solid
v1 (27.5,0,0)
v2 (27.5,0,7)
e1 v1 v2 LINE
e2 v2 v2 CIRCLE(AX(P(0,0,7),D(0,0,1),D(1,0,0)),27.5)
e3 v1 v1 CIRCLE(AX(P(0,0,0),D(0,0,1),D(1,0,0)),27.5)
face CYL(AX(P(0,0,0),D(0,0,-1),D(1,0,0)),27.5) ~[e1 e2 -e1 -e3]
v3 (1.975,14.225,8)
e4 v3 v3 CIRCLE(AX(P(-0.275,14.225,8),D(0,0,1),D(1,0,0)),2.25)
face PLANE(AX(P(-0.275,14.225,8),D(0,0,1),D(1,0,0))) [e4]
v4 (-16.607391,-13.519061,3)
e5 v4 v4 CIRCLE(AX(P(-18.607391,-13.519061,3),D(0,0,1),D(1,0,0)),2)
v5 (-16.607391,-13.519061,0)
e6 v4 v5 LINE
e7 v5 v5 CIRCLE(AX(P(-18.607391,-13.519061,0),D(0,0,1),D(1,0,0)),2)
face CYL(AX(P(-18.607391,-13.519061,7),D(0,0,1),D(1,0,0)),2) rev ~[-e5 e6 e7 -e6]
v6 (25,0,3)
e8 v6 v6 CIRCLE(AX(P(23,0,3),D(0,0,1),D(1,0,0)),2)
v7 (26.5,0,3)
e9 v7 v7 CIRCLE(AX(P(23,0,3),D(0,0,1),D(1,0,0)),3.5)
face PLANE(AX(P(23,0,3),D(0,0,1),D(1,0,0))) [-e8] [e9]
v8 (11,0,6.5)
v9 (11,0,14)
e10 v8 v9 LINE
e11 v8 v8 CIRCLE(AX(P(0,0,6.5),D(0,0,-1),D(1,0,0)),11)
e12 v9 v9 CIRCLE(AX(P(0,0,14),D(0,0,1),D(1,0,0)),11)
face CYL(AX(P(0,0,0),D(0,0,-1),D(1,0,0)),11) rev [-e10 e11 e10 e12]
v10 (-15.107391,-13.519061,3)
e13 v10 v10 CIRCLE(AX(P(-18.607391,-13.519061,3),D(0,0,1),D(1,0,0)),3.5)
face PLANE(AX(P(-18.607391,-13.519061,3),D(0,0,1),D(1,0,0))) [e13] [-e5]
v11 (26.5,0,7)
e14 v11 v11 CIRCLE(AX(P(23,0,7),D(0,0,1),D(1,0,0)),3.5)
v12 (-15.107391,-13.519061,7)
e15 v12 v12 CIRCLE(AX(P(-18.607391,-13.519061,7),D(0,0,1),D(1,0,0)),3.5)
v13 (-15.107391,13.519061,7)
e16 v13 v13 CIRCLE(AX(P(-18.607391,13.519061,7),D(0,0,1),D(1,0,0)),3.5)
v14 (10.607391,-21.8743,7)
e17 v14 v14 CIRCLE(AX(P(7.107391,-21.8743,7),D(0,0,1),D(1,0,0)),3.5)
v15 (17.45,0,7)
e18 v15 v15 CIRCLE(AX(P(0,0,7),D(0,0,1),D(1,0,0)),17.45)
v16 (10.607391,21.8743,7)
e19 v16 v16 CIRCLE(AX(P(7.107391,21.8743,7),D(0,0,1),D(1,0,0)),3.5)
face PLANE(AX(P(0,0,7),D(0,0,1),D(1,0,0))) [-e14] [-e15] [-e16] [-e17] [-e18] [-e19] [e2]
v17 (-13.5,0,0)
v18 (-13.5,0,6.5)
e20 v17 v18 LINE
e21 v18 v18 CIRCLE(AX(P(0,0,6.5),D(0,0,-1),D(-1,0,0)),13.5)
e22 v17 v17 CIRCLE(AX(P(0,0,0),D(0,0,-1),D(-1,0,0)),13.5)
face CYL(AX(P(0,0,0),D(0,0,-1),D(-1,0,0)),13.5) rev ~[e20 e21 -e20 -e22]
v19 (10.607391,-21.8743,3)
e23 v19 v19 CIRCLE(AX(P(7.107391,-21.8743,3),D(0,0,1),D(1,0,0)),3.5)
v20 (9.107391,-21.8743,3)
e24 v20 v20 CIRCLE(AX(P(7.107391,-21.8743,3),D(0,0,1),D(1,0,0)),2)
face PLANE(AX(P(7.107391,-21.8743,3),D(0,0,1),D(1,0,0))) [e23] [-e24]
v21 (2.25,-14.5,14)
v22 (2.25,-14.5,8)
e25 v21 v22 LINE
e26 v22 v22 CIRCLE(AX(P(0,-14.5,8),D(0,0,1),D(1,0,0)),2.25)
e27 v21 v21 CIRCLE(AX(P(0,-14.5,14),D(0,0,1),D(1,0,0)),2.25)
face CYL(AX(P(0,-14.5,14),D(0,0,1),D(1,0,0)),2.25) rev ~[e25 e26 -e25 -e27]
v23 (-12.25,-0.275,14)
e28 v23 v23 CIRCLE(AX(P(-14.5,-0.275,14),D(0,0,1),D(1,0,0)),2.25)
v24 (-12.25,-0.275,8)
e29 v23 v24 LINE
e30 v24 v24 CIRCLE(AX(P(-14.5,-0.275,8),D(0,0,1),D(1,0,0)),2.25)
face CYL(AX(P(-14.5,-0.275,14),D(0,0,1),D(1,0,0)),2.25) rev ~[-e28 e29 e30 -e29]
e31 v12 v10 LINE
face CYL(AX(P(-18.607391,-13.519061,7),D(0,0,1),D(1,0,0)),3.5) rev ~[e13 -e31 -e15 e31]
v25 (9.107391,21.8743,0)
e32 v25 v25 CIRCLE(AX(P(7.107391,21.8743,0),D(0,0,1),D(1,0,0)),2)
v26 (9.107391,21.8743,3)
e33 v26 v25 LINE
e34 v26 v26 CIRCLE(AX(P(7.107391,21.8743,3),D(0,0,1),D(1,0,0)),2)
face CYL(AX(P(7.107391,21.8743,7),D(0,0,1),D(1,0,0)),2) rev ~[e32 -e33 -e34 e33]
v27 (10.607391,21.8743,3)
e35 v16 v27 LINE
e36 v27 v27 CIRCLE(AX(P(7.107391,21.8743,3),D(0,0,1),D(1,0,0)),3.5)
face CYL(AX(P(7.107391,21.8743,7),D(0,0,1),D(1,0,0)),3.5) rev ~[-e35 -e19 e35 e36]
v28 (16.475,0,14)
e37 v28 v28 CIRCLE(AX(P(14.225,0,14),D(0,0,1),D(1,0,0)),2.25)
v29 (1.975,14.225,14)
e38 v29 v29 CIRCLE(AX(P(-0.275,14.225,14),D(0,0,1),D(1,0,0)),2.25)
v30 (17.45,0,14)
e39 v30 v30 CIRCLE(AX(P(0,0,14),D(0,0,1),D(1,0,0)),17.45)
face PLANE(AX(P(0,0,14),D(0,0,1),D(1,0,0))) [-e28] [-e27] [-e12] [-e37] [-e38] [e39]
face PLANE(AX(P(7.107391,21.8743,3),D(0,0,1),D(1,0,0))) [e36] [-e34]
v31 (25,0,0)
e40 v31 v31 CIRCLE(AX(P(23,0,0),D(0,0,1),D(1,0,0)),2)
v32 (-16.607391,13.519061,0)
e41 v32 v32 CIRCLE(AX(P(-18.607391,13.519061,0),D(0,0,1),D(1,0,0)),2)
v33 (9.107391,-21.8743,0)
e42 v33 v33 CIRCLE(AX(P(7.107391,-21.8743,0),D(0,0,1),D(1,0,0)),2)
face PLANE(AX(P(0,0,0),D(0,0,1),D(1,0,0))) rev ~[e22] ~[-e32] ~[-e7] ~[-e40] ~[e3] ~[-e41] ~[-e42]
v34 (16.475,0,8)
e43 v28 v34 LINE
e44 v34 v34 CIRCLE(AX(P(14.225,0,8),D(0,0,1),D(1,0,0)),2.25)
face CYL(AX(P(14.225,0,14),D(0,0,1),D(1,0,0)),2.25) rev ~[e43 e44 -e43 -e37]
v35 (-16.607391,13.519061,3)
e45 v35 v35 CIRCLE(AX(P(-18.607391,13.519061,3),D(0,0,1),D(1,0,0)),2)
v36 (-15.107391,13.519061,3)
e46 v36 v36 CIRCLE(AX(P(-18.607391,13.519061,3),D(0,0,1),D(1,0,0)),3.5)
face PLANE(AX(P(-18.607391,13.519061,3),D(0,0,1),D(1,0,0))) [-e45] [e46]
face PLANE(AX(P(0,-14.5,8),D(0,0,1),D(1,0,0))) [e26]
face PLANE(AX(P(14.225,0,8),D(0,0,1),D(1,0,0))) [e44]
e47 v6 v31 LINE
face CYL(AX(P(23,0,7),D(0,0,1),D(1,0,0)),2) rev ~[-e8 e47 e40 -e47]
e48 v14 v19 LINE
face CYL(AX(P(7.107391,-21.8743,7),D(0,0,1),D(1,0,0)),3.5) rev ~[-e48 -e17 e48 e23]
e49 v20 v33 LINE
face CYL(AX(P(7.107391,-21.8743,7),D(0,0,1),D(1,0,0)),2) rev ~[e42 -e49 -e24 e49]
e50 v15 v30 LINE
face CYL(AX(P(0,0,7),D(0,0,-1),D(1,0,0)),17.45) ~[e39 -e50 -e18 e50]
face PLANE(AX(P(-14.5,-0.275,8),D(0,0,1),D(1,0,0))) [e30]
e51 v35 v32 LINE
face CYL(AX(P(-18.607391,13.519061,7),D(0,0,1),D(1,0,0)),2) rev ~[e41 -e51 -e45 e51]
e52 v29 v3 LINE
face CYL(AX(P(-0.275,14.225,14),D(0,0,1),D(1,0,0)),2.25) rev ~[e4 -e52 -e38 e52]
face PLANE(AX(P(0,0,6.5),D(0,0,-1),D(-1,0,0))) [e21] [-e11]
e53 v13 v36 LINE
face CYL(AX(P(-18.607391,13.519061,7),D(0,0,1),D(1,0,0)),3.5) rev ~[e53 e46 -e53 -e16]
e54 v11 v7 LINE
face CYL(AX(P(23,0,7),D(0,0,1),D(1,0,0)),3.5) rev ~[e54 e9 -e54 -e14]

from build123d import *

# Parameters (mm, degrees)
SKETCH1_R              = 27.5
BOTTOMLIP_DEPTH        = 7
SKETCH2_R              = 17.45
SKETCH2_R_2            = 11
UPPERRING_DEPTH        = 7
MIDDLEHOLE_START       = -7
SKETCH4_R              = 11
MIDDLEHOLE_DEPTH       = 7
SKETCH5_R              = 2
STATORHOLES_DEPTH      = 7
SKETCH6_R              = 13.5
INNERBEARINGHOLE_DEPTH = 6.5
SKETCH7_R              = 2.25
MOUNTINGHOLES_DEPTH    = 6
SKETCH8_R              = 3.5
CUT_EXTRUDE1_DEPTH     = 4


with BuildPart() as part:
    # Sketch1 → BottomLip (new body)
    with BuildSketch(Plane.XY):
        Circle(SKETCH1_R)
    extrude(amount=BOTTOMLIP_DEPTH)

    # Sketch2 → UpperRing (add)
    with BuildSketch(Plane.XY.offset(7)):
        Circle(SKETCH2_R)
        Circle(SKETCH2_R_2, mode=Mode.SUBTRACT)
    extrude(amount=UPPERRING_DEPTH)

    # Sketch4 → MiddleHole (cut)
    with BuildSketch(Plane.XY.offset(7).offset(MIDDLEHOLE_START)):
        Circle(SKETCH4_R)
    extrude(amount=MIDDLEHOLE_DEPTH, mode=Mode.SUBTRACT)

    # Sketch5 → StatorHoles (cut)
    with BuildSketch(Plane.XY.offset(7)):
        with Locations((23, 0)):
            Circle(SKETCH5_R)
        with Locations((7.107390871, -21.874299875)):
            Circle(SKETCH5_R)
        with Locations((-18.607390871, -13.519060803)):
            Circle(SKETCH5_R)
        with Locations((-18.607390871, 13.519060803)):
            Circle(SKETCH5_R)
        with Locations((7.107390871, 21.874299875)):
            Circle(SKETCH5_R)
    extrude(amount=-STATORHOLES_DEPTH, mode=Mode.SUBTRACT)

    # Sketch6 → InnerBearingHole (cut)
    with BuildSketch(Plane(origin=(0, 0, 0), x_dir=(-1, 0, 0), z_dir=(0, 0, -1))):
        Circle(SKETCH6_R)
    extrude(amount=-INNERBEARINGHOLE_DEPTH, mode=Mode.SUBTRACT)

    # Sketch7 → MountingHoles (cut)
    with BuildSketch(Plane.XY.offset(14)):
        with Locations((14.225, 0)):
            Circle(SKETCH7_R)
        with Locations((0, -14.5)):
            Circle(SKETCH7_R)
        with Locations((-14.5, -0.275)):
            Circle(SKETCH7_R)
        with Locations((-0.275, 14.225)):
            Circle(SKETCH7_R)
    extrude(amount=-MOUNTINGHOLES_DEPTH, mode=Mode.SUBTRACT)

    # Sketch8 → Cut-Extrude1 (cut)
    with BuildSketch(Plane.XY.offset(7)):
        with Locations((23, 0)):
            Circle(SKETCH8_R)
        with Locations((7.107390871, -21.874299875)):
            Circle(SKETCH8_R)
        with Locations((-18.607390871, -13.519060803)):
            Circle(SKETCH8_R)
        with Locations((-18.607390871, 13.519060803)):
            Circle(SKETCH8_R)
        with Locations((7.107390871, 21.874299875)):
            Circle(SKETCH8_R)
    extrude(amount=-CUT_EXTRUDE1_DEPTH, mode=Mode.SUBTRACT)


solid = part.part
